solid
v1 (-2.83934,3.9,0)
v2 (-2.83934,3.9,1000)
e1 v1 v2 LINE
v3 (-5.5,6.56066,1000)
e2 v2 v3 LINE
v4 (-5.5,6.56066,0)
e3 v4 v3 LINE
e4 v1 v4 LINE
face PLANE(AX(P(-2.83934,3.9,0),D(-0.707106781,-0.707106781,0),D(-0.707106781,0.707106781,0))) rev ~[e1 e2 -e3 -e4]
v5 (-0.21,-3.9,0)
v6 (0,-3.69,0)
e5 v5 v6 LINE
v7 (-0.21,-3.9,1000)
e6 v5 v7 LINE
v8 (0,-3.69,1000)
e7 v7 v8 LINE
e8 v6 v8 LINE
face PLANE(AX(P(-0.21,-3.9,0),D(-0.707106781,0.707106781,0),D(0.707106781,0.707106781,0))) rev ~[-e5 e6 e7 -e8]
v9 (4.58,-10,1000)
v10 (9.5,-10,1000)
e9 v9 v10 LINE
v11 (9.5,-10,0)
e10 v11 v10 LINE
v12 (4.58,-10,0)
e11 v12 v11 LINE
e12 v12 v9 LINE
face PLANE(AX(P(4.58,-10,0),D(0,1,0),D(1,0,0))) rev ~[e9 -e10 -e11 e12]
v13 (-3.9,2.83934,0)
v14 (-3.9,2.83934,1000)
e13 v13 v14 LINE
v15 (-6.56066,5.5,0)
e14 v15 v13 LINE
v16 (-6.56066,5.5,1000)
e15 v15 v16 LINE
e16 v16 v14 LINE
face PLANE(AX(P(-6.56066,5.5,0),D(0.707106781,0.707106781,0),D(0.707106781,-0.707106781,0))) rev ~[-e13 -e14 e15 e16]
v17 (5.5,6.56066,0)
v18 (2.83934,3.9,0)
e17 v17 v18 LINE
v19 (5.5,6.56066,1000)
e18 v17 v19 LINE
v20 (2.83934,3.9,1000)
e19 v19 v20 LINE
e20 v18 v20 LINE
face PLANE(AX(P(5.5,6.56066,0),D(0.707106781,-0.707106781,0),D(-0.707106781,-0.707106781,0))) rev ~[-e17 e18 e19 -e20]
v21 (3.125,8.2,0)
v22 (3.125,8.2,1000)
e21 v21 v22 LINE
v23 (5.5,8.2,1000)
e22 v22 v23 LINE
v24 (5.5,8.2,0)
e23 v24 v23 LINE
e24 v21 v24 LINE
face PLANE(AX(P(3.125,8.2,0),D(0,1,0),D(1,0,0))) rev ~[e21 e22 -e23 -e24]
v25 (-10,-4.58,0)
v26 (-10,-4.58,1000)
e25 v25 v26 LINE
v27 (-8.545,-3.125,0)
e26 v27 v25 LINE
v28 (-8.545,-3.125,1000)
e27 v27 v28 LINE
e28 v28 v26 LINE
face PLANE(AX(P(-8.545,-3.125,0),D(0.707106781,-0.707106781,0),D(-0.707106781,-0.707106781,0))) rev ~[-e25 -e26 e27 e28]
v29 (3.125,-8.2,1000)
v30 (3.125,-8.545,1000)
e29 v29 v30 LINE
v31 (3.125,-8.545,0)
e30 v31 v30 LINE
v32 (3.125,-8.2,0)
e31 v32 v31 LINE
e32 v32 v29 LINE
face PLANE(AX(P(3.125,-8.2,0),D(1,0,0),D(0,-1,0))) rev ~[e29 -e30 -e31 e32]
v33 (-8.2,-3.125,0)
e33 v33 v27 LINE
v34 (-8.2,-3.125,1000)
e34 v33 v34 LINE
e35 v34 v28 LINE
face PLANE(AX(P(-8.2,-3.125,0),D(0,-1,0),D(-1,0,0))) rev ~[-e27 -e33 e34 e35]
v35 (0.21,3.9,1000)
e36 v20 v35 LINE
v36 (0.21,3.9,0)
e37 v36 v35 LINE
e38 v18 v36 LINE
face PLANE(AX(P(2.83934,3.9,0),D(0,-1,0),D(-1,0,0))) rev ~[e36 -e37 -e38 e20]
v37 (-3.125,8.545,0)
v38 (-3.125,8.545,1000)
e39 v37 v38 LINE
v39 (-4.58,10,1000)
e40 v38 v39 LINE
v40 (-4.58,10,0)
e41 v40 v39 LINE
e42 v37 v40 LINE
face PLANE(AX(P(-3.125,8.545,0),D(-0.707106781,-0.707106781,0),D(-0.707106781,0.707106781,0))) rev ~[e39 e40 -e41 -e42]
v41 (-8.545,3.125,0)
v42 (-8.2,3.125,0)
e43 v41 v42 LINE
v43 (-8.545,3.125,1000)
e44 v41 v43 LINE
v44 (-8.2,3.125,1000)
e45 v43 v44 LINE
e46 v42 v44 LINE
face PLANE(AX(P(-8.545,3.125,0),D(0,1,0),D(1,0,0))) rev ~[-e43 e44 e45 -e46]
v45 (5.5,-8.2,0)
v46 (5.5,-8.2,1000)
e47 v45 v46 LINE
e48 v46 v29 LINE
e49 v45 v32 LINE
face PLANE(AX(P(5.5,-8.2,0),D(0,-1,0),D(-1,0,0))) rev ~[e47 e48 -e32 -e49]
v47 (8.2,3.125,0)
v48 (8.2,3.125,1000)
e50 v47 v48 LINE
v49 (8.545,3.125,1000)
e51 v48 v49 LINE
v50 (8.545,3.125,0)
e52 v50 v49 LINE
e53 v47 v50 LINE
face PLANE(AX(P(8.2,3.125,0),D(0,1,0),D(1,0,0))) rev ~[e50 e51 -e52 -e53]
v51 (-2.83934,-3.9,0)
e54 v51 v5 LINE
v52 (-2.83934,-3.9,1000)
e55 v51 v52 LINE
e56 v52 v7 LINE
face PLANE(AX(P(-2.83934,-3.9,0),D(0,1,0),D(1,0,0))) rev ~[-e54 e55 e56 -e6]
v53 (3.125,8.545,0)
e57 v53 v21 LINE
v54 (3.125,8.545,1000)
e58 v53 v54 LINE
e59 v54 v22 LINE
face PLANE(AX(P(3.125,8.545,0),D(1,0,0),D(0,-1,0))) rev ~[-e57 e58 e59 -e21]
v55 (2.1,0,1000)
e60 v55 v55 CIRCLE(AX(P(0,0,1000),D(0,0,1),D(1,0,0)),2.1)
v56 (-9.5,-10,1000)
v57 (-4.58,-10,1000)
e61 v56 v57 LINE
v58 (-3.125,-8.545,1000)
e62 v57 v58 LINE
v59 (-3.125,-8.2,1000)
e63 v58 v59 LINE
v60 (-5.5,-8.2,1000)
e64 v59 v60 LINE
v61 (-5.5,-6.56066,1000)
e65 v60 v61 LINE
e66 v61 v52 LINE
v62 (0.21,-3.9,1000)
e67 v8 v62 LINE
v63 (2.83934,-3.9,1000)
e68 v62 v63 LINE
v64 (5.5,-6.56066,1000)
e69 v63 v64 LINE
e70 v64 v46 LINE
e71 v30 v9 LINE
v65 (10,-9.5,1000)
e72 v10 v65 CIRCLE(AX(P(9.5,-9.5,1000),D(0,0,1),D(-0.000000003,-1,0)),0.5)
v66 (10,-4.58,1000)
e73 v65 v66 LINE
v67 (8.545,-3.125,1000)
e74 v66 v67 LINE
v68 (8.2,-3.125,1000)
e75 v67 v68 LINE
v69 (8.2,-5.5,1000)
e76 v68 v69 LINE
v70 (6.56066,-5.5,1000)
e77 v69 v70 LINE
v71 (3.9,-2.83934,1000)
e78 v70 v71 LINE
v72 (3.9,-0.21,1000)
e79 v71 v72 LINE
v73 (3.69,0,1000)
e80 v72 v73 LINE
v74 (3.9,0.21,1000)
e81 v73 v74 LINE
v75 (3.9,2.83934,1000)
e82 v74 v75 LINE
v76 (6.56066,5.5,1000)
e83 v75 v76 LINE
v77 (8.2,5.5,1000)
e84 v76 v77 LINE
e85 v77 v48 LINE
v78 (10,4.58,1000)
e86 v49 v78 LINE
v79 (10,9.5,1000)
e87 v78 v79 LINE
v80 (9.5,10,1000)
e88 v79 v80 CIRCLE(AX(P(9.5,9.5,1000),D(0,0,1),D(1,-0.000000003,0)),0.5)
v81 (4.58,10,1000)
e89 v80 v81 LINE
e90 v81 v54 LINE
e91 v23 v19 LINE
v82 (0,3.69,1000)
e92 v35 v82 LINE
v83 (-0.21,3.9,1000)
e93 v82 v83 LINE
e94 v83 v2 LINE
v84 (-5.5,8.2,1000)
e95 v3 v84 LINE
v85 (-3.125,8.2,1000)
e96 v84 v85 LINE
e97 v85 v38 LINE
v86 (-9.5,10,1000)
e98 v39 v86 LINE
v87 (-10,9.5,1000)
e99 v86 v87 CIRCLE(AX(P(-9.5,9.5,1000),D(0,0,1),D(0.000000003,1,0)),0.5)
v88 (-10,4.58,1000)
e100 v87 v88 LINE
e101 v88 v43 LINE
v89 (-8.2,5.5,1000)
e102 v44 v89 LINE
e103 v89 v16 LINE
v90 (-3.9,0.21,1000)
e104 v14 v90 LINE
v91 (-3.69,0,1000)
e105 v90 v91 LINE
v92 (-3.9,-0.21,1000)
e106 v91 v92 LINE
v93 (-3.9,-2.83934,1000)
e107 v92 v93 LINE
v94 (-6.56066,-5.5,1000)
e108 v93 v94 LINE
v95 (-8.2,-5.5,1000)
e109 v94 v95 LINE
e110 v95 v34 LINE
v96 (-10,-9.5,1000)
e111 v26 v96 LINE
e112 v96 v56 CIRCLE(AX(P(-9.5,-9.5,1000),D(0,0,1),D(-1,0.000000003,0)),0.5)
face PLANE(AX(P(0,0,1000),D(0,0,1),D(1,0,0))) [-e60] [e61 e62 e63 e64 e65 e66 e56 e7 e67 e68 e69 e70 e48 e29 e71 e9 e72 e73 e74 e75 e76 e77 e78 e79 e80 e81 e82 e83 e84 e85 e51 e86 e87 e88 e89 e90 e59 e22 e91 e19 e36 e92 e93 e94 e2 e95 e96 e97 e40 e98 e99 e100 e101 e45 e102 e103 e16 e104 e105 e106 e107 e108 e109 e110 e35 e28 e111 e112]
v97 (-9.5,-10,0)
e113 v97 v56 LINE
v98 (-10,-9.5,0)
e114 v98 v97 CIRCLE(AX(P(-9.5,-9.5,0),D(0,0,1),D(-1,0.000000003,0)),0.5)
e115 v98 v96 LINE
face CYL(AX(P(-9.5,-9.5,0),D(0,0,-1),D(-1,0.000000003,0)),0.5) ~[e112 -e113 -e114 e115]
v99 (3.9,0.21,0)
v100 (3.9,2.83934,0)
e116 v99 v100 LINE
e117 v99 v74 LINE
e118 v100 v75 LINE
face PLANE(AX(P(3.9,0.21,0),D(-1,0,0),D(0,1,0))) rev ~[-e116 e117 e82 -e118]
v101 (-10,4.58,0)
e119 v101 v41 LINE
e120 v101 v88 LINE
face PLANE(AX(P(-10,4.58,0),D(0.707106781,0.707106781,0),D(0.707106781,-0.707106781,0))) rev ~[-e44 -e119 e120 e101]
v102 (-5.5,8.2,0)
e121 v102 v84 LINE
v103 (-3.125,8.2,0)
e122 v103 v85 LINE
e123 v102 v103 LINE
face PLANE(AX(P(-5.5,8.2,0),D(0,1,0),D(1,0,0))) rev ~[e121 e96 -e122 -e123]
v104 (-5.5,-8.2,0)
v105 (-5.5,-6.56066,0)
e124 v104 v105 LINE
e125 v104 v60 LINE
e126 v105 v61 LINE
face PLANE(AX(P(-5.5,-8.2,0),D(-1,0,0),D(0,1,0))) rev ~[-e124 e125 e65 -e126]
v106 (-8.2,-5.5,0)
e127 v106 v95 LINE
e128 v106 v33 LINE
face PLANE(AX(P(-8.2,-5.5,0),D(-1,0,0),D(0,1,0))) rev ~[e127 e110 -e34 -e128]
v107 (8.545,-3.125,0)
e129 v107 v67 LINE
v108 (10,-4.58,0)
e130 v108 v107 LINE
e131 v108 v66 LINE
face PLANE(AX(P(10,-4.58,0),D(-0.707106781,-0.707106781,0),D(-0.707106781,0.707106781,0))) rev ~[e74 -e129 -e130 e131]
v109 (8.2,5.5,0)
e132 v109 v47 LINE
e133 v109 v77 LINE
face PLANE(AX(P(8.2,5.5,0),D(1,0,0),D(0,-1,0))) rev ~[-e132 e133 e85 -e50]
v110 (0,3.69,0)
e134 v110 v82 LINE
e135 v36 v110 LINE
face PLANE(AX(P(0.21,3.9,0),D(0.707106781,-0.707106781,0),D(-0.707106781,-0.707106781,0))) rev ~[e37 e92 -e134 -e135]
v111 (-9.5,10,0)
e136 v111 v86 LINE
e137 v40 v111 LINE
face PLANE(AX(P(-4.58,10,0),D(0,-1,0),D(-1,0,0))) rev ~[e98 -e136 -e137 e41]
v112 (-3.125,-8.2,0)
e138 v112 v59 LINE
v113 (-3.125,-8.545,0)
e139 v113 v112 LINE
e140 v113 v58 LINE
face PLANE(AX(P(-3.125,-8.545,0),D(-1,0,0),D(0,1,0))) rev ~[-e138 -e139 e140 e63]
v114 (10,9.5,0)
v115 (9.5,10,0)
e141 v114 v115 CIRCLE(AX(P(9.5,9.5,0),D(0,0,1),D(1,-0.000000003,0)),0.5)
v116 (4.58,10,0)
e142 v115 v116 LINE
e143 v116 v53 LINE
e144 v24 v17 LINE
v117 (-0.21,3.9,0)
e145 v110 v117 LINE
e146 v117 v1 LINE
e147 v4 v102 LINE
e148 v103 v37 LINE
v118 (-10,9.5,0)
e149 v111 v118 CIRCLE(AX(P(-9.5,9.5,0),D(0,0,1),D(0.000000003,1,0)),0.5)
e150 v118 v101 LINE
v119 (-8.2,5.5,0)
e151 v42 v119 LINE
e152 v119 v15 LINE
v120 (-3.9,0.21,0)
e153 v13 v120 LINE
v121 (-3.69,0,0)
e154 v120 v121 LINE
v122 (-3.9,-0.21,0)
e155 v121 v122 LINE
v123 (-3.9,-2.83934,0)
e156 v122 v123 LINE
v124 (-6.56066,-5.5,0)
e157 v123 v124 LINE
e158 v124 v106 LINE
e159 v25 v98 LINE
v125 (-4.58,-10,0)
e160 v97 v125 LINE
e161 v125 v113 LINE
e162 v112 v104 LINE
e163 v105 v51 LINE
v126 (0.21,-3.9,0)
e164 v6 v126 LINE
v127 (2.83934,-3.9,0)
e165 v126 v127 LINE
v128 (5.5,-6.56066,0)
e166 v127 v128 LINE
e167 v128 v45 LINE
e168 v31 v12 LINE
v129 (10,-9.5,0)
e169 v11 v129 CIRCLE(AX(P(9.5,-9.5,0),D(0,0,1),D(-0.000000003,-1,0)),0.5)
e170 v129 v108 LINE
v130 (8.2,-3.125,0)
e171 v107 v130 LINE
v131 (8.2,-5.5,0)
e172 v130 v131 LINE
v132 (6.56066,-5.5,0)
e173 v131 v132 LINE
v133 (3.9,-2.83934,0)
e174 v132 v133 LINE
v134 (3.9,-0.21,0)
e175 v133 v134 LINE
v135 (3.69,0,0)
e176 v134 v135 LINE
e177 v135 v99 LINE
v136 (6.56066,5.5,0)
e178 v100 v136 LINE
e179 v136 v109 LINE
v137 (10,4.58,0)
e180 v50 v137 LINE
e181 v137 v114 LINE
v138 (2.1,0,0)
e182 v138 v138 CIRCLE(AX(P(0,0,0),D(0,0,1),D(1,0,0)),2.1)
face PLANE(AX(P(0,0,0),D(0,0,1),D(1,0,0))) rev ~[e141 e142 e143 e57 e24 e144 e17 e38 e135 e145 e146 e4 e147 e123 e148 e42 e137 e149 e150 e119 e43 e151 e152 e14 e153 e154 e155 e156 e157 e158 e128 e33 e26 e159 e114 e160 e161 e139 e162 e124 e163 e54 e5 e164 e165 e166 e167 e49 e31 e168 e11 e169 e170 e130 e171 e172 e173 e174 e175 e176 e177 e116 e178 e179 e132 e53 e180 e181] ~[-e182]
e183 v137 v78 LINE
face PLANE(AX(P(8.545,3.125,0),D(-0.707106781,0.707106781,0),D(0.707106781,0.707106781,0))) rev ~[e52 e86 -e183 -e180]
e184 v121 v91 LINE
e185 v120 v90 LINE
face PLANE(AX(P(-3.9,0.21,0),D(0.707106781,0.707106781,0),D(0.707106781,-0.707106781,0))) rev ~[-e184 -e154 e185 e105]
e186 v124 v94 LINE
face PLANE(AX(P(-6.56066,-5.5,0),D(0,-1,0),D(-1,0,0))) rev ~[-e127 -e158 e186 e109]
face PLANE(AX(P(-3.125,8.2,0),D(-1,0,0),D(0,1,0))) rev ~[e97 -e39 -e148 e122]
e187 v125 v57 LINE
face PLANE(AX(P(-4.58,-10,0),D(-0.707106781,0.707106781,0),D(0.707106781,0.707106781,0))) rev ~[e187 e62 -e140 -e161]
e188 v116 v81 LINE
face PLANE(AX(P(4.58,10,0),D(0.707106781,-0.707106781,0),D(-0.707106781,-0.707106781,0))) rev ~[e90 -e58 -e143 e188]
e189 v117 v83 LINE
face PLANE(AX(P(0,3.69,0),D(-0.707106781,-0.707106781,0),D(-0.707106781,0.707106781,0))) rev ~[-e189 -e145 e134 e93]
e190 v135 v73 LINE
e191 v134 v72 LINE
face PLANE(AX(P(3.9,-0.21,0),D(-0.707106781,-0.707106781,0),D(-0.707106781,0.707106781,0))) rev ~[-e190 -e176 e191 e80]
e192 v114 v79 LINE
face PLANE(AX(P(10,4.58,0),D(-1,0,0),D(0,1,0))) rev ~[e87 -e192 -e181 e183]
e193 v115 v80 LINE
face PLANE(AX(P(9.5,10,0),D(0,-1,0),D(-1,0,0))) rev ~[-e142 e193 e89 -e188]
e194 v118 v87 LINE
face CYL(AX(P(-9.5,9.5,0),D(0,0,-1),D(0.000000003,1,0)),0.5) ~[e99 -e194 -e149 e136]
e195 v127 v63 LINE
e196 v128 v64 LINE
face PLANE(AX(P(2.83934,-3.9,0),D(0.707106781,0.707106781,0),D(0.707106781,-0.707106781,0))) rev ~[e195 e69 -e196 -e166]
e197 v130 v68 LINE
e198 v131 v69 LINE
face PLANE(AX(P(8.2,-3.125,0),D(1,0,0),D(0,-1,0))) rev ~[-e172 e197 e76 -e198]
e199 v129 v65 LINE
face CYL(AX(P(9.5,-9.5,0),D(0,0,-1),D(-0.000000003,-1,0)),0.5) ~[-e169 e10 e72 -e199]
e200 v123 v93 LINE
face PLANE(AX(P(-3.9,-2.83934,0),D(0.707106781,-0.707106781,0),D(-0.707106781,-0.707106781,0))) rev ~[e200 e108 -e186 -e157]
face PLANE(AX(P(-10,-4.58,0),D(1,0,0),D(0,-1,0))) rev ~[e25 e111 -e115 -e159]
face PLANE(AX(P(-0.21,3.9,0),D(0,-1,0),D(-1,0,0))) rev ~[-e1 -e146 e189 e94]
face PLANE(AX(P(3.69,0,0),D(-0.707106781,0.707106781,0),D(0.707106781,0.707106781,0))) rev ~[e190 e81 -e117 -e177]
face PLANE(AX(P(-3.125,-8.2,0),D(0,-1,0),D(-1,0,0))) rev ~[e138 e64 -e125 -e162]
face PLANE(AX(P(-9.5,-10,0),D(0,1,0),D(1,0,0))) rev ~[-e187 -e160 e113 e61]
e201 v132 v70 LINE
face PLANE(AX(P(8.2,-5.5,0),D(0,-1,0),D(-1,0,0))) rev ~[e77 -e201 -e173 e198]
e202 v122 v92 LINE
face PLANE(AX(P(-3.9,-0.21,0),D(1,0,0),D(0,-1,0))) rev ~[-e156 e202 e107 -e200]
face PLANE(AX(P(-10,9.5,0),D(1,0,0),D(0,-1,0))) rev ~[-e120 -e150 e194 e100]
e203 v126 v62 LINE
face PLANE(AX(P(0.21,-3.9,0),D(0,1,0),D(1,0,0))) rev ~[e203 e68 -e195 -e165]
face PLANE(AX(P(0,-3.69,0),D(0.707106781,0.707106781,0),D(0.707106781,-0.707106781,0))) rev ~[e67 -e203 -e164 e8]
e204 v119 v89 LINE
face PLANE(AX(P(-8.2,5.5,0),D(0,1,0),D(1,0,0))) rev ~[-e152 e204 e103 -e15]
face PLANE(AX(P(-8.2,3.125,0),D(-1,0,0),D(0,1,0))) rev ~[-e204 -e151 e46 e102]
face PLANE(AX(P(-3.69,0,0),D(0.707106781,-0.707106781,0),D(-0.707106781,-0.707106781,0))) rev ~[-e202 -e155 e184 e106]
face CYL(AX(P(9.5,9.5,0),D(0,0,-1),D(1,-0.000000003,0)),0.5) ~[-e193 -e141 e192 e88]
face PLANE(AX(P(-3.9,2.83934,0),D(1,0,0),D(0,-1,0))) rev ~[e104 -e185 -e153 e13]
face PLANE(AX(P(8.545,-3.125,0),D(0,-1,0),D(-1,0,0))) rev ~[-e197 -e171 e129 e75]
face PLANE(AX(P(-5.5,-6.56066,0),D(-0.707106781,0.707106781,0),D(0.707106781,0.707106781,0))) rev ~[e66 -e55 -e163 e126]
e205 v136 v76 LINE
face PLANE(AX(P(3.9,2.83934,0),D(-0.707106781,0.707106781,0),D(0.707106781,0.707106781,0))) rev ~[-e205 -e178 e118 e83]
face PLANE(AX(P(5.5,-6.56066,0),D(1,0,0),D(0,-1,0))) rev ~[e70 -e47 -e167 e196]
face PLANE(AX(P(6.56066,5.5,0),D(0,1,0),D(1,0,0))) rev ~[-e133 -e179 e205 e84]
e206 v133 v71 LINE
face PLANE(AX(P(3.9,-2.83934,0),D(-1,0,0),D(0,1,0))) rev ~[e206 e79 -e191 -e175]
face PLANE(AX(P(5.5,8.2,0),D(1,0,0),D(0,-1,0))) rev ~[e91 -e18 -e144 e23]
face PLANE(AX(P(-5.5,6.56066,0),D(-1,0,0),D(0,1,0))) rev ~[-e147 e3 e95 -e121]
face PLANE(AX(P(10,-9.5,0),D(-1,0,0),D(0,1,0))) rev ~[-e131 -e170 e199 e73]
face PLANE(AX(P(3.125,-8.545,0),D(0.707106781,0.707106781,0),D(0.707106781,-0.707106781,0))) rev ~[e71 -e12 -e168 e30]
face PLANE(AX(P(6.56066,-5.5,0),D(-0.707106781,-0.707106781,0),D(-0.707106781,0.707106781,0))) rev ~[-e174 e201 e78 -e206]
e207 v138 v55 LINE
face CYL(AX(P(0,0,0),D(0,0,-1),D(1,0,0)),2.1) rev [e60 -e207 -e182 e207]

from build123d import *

# Parameters (mm, degrees)
SKETCH1_R           = 2.1
BOSS_EXTRUDE1_DEPTH = 1000


with BuildPart() as part:
    # Sketch1 → Boss-Extrude1 (new body)
    with BuildSketch(Plane.XY):
        with BuildLine():
            Line((4.58, -10), (9.5, -10))
            ThreePointArc((9.5, -10), (9.853553391, -9.853553391), (10, -9.5))
            Line((10, -9.5), (10, -4.58))
            Line((10, -4.58), (8.545, -3.125))
            Line((8.545, -3.125), (8.2, -3.125))
            Line((8.2, -3.125), (8.2, -5.5))
            Line((8.2, -5.5), (6.560660172, -5.5))
            Line((6.560660172, -5.5), (3.9, -2.839339828))
            Line((3.9, -2.839339828), (3.9, -0.21))
            Line((3.9, -0.21), (3.69, 0))
            Line((3.69, 0), (3.9, 0.21))
            Line((3.9, 0.21), (3.9, 2.839339828))
            Line((3.9, 2.839339828), (6.560660172, 5.5))
            Line((6.560660172, 5.5), (8.2, 5.5))
            Line((8.2, 5.5), (8.2, 3.125))
            Line((8.2, 3.125), (8.545, 3.125))
            Line((8.545, 3.125), (10, 4.58))
            Line((10, 4.58), (10, 9.5))
            ThreePointArc((10, 9.5), (9.853553391, 9.853553391), (9.5, 10))
            Line((9.5, 10), (4.58, 10))
            Line((4.58, 10), (3.125, 8.545))
            Line((3.125, 8.545), (3.125, 8.2))
            Line((3.125, 8.2), (5.5, 8.2))
            Line((5.5, 8.2), (5.5, 6.560660172))
            Line((5.5, 6.560660172), (2.839339828, 3.9))
            Line((2.839339828, 3.9), (0.21, 3.9))
            Line((0.21, 3.9), (0, 3.69))
            Line((0, 3.69), (-0.21, 3.9))
            Line((-0.21, 3.9), (-2.839339828, 3.9))
            Line((-2.839339828, 3.9), (-5.5, 6.560660172))
            Line((-5.5, 6.560660172), (-5.5, 8.2))
            Line((-5.5, 8.2), (-3.125, 8.2))
            Line((-3.125, 8.2), (-3.125, 8.545))
            Line((-3.125, 8.545), (-4.58, 10))
            Line((-4.58, 10), (-9.5, 10))
            ThreePointArc((-9.5, 10), (-9.853553391, 9.853553391), (-10, 9.5))
            Line((-10, 9.5), (-10, 4.58))
            Line((-10, 4.58), (-8.545, 3.125))
            Line((-8.545, 3.125), (-8.2, 3.125))
            Line((-8.2, 3.125), (-8.2, 5.5))
            Line((-8.2, 5.5), (-6.560660172, 5.5))
            Line((-6.560660172, 5.5), (-3.9, 2.839339828))
            Line((-3.9, 2.839339828), (-3.9, 0.21))
            Line((-3.9, 0.21), (-3.69, 0))
            Line((-3.69, 0), (-3.9, -0.21))
            Line((-3.9, -0.21), (-3.9, -2.839339828))
            Line((-3.9, -2.839339828), (-6.560660172, -5.5))
            Line((-6.560660172, -5.5), (-8.2, -5.5))
            Line((-8.2, -5.5), (-8.2, -3.125))
            Line((-8.2, -3.125), (-8.545, -3.125))
            Line((-8.545, -3.125), (-10, -4.58))
            Line((-10, -4.58), (-10, -9.5))
            ThreePointArc((-10, -9.5), (-9.853553391, -9.853553391), (-9.5, -10))
            Line((-9.5, -10), (-4.58, -10))
            Line((-4.58, -10), (-3.125, -8.545))
            Line((-3.125, -8.545), (-3.125, -8.2))
            Line((-3.125, -8.2), (-5.5, -8.2))
            Line((-5.5, -8.2), (-5.5, -6.560660172))
            Line((-5.5, -6.560660172), (-2.839339828, -3.9))
            Line((-2.839339828, -3.9), (-0.21, -3.9))
            Line((-0.21, -3.9), (0, -3.69))
            Line((0, -3.69), (0.21, -3.9))
            Line((0.21, -3.9), (2.839339828, -3.9))
            Line((2.839339828, -3.9), (5.5, -6.560660172))
            Line((5.5, -6.560660172), (5.5, -8.2))
            Line((5.5, -8.2), (3.125, -8.2))
            Line((3.125, -8.2), (3.125, -8.545))
            Line((3.125, -8.545), (4.58, -10))
        make_face()
        Circle(SKETCH1_R, mode=Mode.SUBTRACT)
    extrude(amount=BOSS_EXTRUDE1_DEPTH)


solid = part.part
